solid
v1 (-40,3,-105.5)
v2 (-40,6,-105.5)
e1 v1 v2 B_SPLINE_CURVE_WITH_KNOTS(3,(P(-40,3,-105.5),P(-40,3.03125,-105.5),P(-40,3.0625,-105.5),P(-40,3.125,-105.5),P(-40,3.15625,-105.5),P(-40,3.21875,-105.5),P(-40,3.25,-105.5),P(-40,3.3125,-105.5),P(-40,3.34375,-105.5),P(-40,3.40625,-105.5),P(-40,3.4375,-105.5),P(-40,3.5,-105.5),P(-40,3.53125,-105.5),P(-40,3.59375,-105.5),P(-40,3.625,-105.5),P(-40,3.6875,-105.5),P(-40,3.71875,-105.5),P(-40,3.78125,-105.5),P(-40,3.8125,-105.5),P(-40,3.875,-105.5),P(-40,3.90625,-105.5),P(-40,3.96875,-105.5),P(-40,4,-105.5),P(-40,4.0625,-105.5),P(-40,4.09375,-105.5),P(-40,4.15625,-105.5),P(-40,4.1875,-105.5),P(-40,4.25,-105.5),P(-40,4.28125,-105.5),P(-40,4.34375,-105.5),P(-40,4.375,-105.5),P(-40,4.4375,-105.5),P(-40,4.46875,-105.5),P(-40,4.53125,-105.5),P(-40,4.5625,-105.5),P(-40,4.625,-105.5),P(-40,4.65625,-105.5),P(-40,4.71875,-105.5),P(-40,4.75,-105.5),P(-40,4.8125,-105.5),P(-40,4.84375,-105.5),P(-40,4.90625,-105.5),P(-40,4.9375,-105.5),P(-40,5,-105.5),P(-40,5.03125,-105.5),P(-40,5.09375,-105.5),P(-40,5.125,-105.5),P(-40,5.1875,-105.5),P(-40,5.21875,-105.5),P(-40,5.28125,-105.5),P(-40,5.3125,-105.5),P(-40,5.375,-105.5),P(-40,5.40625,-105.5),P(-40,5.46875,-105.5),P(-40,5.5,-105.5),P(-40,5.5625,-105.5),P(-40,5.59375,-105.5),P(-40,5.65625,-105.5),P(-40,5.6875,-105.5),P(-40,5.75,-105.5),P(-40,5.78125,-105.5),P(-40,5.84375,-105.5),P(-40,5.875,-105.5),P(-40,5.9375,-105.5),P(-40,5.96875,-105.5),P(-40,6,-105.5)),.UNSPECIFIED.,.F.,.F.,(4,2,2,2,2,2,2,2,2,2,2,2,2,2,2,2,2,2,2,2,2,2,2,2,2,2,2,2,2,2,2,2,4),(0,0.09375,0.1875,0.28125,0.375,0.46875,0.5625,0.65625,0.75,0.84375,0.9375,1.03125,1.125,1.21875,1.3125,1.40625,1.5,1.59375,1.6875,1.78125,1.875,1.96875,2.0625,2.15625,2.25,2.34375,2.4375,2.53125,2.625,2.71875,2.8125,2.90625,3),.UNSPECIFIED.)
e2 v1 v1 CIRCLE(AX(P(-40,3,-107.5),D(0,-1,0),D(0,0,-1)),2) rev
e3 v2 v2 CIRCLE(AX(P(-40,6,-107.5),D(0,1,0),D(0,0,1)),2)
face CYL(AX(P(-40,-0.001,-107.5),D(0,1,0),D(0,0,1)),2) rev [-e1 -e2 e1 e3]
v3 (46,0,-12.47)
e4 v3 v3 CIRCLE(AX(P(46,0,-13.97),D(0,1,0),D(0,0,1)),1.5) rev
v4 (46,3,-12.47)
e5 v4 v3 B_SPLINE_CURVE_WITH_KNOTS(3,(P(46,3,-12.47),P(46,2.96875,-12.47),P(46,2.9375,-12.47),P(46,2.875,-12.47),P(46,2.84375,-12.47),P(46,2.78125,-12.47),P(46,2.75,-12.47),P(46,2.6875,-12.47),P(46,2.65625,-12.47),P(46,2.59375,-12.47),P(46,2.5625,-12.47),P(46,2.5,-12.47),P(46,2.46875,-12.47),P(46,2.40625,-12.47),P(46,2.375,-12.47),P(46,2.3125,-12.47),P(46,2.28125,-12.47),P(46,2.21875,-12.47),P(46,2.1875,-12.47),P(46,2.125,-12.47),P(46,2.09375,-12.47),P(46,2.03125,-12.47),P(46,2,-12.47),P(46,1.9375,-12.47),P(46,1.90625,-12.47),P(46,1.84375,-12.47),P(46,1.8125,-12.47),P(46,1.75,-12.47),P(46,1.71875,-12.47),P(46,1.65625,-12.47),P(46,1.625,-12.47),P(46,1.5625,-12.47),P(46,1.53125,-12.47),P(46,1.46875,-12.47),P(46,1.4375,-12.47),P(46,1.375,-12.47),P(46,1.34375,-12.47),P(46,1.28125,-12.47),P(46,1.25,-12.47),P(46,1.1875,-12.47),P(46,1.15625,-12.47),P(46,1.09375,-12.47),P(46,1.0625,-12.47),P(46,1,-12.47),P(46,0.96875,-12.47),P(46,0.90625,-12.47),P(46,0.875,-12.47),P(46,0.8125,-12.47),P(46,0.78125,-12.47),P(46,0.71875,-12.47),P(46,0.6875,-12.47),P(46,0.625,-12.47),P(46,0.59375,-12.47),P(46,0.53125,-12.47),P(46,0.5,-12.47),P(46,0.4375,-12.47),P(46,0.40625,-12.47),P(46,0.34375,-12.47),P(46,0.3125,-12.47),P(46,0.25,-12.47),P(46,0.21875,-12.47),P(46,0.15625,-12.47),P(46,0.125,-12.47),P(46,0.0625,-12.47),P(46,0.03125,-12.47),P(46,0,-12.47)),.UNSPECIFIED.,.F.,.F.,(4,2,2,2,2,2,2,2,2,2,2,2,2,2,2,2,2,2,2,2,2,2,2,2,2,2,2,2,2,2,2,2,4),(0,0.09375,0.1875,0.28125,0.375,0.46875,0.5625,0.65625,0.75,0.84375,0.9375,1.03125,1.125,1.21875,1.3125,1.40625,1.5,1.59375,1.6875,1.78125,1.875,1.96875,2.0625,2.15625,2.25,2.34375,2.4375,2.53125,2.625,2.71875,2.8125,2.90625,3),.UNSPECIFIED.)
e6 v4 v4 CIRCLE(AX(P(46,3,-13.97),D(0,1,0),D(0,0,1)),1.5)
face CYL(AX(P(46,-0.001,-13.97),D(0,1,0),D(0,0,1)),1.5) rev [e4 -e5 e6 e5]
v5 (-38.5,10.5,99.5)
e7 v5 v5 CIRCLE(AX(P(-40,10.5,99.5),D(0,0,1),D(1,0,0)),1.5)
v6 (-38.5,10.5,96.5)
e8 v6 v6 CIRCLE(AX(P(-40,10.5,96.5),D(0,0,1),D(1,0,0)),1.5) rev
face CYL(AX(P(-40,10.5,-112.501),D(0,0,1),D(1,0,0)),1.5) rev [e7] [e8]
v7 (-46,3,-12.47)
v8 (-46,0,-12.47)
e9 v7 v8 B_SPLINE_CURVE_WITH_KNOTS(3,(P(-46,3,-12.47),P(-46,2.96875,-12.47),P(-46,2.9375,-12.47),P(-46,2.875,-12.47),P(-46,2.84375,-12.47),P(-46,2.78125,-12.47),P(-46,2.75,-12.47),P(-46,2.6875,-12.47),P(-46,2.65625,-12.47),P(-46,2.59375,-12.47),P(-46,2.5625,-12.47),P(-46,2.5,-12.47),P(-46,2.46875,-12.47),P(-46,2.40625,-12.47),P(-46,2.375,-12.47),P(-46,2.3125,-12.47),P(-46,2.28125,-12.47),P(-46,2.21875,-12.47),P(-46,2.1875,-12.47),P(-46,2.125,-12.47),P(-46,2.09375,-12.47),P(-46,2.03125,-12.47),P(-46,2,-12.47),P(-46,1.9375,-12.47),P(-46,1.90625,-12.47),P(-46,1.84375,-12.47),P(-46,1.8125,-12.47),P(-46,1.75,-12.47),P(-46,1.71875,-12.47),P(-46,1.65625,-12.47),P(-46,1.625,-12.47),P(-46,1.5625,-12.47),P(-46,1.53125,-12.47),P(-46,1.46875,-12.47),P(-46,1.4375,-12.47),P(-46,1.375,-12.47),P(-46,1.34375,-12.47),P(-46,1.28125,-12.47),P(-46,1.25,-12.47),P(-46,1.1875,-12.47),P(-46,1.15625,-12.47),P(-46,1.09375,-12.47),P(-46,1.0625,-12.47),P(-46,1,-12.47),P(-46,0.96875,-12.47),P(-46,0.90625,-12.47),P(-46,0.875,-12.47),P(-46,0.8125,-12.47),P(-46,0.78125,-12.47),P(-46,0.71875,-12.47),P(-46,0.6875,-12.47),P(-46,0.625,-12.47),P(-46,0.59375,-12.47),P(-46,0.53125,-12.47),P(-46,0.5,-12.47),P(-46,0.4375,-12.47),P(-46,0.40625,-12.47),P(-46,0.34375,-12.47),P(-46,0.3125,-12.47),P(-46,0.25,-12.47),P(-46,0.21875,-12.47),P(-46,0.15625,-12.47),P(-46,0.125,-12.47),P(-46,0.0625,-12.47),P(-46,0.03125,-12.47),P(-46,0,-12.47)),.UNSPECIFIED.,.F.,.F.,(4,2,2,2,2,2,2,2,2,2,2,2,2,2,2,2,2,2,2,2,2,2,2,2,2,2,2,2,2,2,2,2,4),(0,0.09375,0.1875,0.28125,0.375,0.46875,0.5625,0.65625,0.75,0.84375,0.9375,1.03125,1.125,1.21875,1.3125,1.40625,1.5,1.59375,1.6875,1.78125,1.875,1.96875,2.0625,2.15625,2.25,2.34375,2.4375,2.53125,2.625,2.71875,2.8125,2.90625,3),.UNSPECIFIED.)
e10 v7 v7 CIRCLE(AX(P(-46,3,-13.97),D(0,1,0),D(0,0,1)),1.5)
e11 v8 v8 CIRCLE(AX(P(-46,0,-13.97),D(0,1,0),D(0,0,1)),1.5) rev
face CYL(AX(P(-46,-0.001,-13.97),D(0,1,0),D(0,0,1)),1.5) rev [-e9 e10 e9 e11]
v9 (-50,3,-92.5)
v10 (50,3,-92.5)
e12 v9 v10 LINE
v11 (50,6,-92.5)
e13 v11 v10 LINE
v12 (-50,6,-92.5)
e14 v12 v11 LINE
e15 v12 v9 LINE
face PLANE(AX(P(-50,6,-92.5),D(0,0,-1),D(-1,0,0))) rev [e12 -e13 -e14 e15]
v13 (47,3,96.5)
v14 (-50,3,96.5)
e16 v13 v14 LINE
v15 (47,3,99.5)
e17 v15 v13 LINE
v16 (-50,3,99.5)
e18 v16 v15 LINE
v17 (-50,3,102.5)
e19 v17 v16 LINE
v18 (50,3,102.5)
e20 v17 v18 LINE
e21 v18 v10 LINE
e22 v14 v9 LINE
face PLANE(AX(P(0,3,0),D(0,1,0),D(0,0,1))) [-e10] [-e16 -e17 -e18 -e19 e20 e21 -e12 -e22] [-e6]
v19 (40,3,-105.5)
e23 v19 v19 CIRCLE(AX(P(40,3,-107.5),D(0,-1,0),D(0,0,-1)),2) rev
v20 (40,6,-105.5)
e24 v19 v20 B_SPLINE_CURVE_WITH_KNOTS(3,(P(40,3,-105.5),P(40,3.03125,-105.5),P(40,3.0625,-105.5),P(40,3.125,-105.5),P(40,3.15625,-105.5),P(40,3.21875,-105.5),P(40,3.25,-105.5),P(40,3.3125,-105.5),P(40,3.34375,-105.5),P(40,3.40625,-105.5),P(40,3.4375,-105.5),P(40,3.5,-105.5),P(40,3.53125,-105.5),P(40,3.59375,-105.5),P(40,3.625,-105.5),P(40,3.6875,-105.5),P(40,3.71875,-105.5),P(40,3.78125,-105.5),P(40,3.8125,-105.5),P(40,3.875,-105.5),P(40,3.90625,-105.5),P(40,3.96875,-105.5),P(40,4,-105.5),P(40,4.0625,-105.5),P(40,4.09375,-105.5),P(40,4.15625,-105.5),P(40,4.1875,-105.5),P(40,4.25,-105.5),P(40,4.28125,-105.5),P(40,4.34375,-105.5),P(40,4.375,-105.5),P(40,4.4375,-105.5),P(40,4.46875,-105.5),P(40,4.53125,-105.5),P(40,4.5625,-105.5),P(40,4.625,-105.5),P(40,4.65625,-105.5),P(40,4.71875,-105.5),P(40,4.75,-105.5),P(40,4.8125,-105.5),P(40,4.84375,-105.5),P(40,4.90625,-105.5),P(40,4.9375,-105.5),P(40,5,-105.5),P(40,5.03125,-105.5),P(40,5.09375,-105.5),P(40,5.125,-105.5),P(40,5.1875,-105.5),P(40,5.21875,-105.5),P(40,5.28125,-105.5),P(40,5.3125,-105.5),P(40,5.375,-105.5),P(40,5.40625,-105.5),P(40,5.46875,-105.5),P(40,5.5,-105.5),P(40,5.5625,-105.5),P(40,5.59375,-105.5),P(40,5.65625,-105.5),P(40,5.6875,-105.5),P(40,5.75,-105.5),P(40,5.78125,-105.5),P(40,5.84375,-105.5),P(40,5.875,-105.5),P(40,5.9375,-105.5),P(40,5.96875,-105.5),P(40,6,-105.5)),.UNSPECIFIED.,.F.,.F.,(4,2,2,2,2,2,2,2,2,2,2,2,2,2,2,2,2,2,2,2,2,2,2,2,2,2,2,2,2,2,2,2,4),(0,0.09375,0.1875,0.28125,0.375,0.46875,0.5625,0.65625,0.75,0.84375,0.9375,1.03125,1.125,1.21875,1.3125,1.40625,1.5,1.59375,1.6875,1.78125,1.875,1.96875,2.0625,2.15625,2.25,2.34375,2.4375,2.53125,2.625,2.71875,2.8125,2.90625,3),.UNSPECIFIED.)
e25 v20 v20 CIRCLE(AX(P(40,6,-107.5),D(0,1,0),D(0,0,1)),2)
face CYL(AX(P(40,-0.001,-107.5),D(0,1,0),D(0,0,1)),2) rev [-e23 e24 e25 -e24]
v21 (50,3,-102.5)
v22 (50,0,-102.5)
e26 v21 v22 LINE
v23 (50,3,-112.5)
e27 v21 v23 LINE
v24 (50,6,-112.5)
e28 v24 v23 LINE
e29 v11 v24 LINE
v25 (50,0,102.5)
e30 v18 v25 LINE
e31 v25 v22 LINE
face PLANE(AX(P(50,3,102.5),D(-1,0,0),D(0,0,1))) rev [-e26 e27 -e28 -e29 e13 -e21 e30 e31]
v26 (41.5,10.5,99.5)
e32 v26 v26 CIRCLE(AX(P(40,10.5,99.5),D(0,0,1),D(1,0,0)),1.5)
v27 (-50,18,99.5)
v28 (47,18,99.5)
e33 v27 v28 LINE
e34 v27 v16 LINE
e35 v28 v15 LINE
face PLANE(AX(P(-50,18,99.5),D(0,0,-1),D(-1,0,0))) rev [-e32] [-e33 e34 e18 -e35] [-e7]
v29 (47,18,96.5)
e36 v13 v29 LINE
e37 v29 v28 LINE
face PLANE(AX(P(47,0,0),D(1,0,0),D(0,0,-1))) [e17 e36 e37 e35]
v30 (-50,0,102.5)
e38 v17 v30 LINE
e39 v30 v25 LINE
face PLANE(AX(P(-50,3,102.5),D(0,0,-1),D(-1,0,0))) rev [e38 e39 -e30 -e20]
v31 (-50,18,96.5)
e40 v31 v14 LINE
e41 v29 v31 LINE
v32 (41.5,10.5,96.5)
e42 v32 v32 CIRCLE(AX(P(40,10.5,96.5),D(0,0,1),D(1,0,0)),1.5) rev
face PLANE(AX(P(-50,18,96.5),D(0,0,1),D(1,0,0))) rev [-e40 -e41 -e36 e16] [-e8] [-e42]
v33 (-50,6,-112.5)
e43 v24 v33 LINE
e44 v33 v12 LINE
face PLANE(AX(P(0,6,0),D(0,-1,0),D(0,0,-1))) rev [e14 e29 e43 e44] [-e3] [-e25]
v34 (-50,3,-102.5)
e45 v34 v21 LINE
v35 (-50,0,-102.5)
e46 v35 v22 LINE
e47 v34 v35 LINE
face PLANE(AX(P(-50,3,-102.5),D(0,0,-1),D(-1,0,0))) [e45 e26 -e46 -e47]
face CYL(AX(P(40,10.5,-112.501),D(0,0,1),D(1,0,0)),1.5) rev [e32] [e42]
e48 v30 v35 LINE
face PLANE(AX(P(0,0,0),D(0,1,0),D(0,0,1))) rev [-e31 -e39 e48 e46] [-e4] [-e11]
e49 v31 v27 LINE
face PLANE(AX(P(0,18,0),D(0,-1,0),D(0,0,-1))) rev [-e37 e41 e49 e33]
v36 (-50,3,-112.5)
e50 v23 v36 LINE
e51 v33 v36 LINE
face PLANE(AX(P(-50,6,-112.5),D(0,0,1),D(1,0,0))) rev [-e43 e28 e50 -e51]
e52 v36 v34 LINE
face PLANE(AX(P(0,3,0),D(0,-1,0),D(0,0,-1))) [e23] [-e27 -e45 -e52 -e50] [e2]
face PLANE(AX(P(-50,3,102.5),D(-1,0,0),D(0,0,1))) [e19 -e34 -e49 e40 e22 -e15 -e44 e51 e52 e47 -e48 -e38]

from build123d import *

# Parameters (mm, degrees)
SKETCH1_W           = 100
SKETCH1_H           = 205
BOSS_EXTRUDE1_DEPTH = 3
SKETCH2_W           = 100
SKETCH2_H           = 20
BOSS_EXTRUDE2_DEPTH = 3
CUT_EXTRUDE1_REACH  = 125.257
SKETCH3_R           = 2
LPATTERN1_COUNT     = 2
LPATTERN1_PITCH     = 80
SKETCH4_W           = 100
SKETCH4_H           = 3
BOSS_EXTRUDE3_DEPTH = 15
CUT_EXTRUDE2_REACH  = 220.559
SKETCH5_R           = 1.5
LPATTERN2_COUNT     = 2
LPATTERN2_PITCH     = 80
SKETCH7_W           = 3
SKETCH7_H           = 15
CUT_EXTRUDE3_DEPTH  = 3
CUT_EXTRUDE4_REACH  = 126.021
SKETCH6_R           = 1.5


with BuildPart() as part:
    # Sketch1 → Boss-Extrude1 (new body)
    with BuildSketch(Plane(origin=(0, 0, 0), x_dir=(1, 0, 0), z_dir=(0, 1, 0))):
        Rectangle(SKETCH1_W, SKETCH1_H)
    extrude(amount=BOSS_EXTRUDE1_DEPTH)

    # Sketch2 → Boss-Extrude2 (add)
    with BuildSketch(Plane(origin=(0, 3, 0), x_dir=(1, 0, 0), z_dir=(0, 1, 0))):
        with Locations((0, 102.5)):
            Rectangle(SKETCH2_W, SKETCH2_H)
    extrude(amount=BOSS_EXTRUDE2_DEPTH)

    # Sketch3 → Cut-Extrude1 (cut, up to next)
    with BuildSketch(Plane(origin=(0, 6, 0), x_dir=(1, 0, 0), z_dir=(0, 1, 0)), mode=Mode.PRIVATE) as cut_extrude1_sk1:
        with Locations(Location((-40, 107.5, 0), (0, 0, 270))):
            Circle(SKETCH3_R)
    cut_extrude1_tool1 = extrude(cut_extrude1_sk1.sketch, amount=-CUT_EXTRUDE1_REACH, mode=Mode.PRIVATE) & part.part
    cut_extrude1 = cut_extrude1_tool1.solids().sort_by_distance((-40, 6, -107.5))[0]
    add(cut_extrude1, mode=Mode.SUBTRACT)

    # LPattern1: Cut-Extrude1 ×2
    with Locations(*[(i * LPATTERN1_PITCH, 0, 0) for i in range(1, LPATTERN1_COUNT)]):
        add(cut_extrude1, mode=Mode.SUBTRACT)

    # Sketch4 → Boss-Extrude3 (add)
    with BuildSketch(Plane(origin=(0, 3, 0), x_dir=(1, 0, 0), z_dir=(0, 1, 0))):
        with Locations((0, -98)):
            Rectangle(SKETCH4_W, SKETCH4_H)
    extrude(amount=BOSS_EXTRUDE3_DEPTH)

    # Sketch5 → Cut-Extrude2 (cut, up to next)
    with BuildSketch(Plane.XY.offset(99.5), mode=Mode.PRIVATE) as cut_extrude2_sk1:
        with Locations((-40, 10.5)):
            Circle(SKETCH5_R)
    cut_extrude2_tool1 = extrude(cut_extrude2_sk1.sketch, amount=-CUT_EXTRUDE2_REACH, mode=Mode.PRIVATE) & part.part
    cut_extrude2 = cut_extrude2_tool1.solids().sort_by_distance((-40, 10.5, 99.5))[0]
    add(cut_extrude2, mode=Mode.SUBTRACT)

    # LPattern2: Cut-Extrude2 ×2
    with Locations(*[(i * LPATTERN2_PITCH, 0, 0) for i in range(1, LPATTERN2_COUNT)]):
        add(cut_extrude2, mode=Mode.SUBTRACT)

    # Sketch7 → Cut-Extrude3 (cut)
    with BuildSketch(Plane(origin=(50, 0, 0), x_dir=(0, 0, -1), z_dir=(1, 0, 0))):
        with Locations((-98, 10.5)):
            Rectangle(SKETCH7_W, SKETCH7_H)
    extrude(amount=-CUT_EXTRUDE3_DEPTH, mode=Mode.SUBTRACT)

    # Sketch6 → Cut-Extrude4 (cut, up to next)
    with BuildSketch(Plane(origin=(0, 3, 0), x_dir=(1, 0, 0), z_dir=(0, 1, 0)), mode=Mode.PRIVATE) as cut_extrude4_sk1:
        with Locations(Location((-46, 13.97, 0), (0, 0, 270))):
            Circle(SKETCH6_R)
    cut_extrude4_tool1 = extrude(cut_extrude4_sk1.sketch, amount=-CUT_EXTRUDE4_REACH, mode=Mode.PRIVATE) & part.part
    # Sketch6 → Cut-Extrude4 (cut, up to next)
    with BuildSketch(Plane(origin=(0, 3, 0), x_dir=(1, 0, 0), z_dir=(0, 1, 0)), mode=Mode.PRIVATE) as cut_extrude4_sk2:
        with Locations(Location((46, 13.97, 0), (0, 0, 270))):
            Circle(SKETCH6_R)
    cut_extrude4_tool2 = extrude(cut_extrude4_sk2.sketch, amount=-CUT_EXTRUDE4_REACH, mode=Mode.PRIVATE) & part.part
    add(cut_extrude4_tool1.solids().sort_by_distance((-46, 3, -13.97))[0], mode=Mode.SUBTRACT)
    add(cut_extrude4_tool2.solids().sort_by_distance((46, 3, -13.97))[0], mode=Mode.SUBTRACT)


solid = part.part
